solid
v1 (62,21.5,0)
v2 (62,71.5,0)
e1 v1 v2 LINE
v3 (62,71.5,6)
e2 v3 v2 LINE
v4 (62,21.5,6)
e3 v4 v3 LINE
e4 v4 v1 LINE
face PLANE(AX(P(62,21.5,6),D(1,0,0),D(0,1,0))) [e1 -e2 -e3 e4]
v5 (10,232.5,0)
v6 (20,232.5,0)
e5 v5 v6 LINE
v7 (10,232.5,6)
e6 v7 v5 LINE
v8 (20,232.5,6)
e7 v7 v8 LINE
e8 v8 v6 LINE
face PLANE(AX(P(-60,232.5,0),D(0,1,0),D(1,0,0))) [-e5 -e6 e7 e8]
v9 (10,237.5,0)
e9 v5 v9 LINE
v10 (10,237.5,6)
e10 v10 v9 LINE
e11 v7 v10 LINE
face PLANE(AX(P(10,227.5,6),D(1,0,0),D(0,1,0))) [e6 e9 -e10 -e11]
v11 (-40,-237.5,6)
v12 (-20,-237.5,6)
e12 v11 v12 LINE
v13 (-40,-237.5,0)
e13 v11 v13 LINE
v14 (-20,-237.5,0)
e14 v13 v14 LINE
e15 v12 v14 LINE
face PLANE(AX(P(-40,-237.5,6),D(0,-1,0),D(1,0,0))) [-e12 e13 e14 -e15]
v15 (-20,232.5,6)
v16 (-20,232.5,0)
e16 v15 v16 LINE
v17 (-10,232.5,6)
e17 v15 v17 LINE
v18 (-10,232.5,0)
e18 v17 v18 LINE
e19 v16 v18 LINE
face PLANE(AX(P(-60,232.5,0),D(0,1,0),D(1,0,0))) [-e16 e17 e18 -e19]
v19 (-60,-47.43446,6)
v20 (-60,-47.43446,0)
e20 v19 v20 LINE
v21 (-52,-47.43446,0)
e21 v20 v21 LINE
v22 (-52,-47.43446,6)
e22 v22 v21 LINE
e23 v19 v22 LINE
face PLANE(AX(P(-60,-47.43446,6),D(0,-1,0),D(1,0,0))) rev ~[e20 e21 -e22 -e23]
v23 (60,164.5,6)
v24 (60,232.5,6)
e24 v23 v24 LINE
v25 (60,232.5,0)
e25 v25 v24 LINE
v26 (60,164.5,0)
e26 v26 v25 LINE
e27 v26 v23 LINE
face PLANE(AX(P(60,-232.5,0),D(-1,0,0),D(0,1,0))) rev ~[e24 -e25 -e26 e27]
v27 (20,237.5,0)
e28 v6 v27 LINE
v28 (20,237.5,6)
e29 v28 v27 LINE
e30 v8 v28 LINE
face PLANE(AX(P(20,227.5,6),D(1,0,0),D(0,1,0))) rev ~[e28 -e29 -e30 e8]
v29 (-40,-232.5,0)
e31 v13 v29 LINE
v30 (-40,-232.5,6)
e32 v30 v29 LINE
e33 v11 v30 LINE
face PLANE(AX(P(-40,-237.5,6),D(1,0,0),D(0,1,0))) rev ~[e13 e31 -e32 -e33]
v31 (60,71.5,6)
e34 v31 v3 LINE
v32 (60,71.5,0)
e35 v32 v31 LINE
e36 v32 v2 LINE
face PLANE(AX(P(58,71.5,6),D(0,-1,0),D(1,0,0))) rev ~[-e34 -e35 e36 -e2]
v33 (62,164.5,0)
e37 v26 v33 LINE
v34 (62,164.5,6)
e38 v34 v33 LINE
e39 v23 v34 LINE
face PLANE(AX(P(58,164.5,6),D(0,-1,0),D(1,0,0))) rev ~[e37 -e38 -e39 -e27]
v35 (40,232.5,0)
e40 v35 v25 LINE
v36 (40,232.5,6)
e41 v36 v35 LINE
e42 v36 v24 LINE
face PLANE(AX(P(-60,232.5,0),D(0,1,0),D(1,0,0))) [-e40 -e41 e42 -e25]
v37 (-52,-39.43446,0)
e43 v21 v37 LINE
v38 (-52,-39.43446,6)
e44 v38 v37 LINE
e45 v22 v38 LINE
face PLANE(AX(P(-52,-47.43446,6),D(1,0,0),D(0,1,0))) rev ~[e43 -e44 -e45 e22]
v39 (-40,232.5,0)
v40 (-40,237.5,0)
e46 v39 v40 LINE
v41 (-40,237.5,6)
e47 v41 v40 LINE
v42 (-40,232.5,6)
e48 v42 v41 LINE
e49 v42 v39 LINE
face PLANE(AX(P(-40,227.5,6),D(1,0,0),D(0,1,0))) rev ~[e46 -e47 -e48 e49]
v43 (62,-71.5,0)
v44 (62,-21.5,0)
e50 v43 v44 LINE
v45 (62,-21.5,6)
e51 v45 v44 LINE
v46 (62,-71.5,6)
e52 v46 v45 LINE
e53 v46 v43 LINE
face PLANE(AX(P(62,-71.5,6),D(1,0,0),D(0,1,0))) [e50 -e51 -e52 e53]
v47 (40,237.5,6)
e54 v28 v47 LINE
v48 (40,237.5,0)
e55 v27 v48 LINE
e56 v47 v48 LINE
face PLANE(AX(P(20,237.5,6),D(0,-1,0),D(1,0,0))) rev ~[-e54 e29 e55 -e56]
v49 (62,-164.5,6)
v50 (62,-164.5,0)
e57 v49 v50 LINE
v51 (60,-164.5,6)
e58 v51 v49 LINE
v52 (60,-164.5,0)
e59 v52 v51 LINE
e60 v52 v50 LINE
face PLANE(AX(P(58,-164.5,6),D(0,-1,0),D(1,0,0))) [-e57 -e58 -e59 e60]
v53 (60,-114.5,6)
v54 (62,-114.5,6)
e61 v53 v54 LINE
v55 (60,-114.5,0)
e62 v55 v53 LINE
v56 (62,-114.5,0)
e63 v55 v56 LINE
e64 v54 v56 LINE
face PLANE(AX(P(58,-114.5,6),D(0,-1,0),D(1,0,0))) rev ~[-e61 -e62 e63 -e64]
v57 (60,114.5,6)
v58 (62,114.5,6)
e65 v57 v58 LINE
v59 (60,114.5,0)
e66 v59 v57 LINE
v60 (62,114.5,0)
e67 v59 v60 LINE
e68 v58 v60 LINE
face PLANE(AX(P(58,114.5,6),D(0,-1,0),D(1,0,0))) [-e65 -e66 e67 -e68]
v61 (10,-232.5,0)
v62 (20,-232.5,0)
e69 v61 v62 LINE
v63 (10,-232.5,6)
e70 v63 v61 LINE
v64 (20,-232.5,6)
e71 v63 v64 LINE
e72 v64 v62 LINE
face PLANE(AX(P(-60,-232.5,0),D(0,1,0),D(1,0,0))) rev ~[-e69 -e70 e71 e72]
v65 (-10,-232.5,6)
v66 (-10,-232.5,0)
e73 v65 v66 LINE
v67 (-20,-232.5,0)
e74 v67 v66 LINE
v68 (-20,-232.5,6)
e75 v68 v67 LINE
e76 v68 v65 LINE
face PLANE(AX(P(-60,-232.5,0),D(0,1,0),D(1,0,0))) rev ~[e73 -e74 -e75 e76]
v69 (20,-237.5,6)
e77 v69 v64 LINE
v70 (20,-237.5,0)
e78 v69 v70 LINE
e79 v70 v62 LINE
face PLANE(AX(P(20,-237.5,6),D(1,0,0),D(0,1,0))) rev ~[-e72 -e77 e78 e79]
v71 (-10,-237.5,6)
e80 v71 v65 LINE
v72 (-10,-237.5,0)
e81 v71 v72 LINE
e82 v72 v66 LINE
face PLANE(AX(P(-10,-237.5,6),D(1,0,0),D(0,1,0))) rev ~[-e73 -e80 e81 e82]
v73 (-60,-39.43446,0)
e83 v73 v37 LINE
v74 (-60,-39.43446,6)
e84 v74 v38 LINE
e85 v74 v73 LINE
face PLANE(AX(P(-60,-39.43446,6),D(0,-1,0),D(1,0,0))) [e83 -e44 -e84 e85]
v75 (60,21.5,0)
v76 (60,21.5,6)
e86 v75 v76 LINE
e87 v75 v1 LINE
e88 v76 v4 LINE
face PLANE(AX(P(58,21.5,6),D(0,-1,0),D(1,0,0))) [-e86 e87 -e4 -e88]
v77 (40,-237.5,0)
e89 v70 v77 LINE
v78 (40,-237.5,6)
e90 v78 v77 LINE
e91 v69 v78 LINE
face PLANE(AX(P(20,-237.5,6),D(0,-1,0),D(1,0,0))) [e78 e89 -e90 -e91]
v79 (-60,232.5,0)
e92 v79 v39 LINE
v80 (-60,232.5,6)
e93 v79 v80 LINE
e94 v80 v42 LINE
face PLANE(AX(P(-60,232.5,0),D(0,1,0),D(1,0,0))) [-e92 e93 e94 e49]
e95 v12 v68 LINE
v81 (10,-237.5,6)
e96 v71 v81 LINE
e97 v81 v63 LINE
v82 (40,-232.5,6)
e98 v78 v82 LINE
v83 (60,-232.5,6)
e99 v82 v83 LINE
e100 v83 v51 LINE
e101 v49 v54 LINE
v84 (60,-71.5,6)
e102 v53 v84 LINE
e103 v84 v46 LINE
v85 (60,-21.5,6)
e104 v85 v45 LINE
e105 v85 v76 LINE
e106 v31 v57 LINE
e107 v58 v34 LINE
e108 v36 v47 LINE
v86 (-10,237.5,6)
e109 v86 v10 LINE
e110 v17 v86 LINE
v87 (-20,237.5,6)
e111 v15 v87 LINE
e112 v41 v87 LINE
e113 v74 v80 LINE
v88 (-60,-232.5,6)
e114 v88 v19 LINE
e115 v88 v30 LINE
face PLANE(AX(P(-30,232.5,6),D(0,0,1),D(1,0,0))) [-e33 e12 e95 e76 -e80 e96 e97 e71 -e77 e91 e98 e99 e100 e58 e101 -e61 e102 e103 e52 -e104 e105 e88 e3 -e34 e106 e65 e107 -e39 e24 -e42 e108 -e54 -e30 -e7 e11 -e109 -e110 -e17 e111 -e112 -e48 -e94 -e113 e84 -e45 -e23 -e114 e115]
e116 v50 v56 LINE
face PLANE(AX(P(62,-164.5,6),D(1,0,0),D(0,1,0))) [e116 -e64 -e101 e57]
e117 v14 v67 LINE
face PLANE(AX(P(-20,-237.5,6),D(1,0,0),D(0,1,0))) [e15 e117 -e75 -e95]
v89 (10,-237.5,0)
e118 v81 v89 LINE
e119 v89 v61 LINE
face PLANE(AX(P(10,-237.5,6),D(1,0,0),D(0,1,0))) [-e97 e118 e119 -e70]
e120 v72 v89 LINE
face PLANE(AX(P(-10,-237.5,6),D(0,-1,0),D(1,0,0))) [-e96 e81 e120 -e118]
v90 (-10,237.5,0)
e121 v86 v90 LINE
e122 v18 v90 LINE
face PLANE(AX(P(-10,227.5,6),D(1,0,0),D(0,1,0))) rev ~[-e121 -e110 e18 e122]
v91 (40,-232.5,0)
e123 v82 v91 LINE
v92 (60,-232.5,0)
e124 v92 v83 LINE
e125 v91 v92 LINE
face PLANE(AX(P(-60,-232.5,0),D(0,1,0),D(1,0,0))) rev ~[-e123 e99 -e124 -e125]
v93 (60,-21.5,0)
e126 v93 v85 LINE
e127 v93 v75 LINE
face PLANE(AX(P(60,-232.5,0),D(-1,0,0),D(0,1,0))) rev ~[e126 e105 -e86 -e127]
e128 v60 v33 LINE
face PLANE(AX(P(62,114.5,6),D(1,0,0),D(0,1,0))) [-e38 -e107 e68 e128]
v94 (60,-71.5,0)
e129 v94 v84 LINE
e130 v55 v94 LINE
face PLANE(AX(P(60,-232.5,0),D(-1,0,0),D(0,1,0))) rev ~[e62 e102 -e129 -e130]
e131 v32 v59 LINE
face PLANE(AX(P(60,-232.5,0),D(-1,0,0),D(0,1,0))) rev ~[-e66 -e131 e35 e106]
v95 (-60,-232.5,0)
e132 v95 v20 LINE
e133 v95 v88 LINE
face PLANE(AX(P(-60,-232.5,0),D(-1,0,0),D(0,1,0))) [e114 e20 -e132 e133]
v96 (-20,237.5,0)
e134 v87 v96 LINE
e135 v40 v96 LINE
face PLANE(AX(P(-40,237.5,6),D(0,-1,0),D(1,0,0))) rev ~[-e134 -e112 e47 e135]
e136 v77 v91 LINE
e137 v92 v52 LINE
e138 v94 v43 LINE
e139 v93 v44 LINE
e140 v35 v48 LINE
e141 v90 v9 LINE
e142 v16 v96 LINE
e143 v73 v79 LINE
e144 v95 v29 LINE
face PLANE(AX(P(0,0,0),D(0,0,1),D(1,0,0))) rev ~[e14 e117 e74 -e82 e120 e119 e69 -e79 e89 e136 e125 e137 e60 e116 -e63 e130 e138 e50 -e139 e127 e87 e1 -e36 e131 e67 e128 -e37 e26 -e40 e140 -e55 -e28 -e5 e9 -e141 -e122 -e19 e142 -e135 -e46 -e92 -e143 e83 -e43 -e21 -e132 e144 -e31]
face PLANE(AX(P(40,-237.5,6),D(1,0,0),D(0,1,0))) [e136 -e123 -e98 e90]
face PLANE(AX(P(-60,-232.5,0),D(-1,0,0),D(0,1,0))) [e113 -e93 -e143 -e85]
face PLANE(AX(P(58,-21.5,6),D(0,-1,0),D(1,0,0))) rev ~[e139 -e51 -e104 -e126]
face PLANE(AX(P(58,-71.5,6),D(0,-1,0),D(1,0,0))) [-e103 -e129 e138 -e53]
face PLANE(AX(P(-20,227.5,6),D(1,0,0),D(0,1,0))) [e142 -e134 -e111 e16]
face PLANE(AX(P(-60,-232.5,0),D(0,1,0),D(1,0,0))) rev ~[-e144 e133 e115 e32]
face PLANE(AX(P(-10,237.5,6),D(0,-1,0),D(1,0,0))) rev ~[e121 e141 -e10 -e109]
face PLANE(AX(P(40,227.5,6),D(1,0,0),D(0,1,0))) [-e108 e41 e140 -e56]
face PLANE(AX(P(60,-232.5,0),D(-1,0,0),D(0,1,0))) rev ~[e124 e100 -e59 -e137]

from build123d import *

# Parameters (mm, degrees)
SKETCH1_W           = 120
SKETCH1_H           = 465
BOSS_EXTRUDE1_DEPTH = 6
SKETCH4_W           = 20
SKETCH4_H           = 10
SKETCH4_W_2         = 4
SKETCH4_H_2         = 50
BOSS_EXTRUDE2_DEPTH = 6
SKETCH5_W           = 8
SKETCH5_H           = 8
CUT_EXTRUDE1_DEPTH  = 10


with BuildPart() as part:
    # Sketch1 → Boss-Extrude1 (new body)
    with BuildSketch(Plane.XY):
        Rectangle(SKETCH1_W, SKETCH1_H)
    extrude(amount=BOSS_EXTRUDE1_DEPTH)

    # Sketch4 → Boss-Extrude2 (add)
    with BuildSketch(Plane.XY.offset(6)):
        with Locations((-30, 232.5)):
            Rectangle(SKETCH4_W, SKETCH4_H)
        with Locations((0, 232.5)):
            Rectangle(SKETCH4_W, SKETCH4_H)
        with Locations((30, 232.5)):
            Rectangle(SKETCH4_W, SKETCH4_H)
        with Locations((-30, -232.5)):
            Rectangle(SKETCH4_W, SKETCH4_H)
        with Locations((0, -232.5)):
            Rectangle(SKETCH4_W, SKETCH4_H)
        with Locations((30, -232.5)):
            Rectangle(SKETCH4_W, SKETCH4_H)
        with Locations((60, 139.5)):
            Rectangle(SKETCH4_W_2, SKETCH4_H_2)
        with Locations((60, 46.5)):
            Rectangle(SKETCH4_W_2, SKETCH4_H_2)
        with Locations((60, -46.5)):
            Rectangle(SKETCH4_W_2, SKETCH4_H_2)
        with Locations((60, -139.5)):
            Rectangle(SKETCH4_W_2, SKETCH4_H_2)
    extrude(amount=-BOSS_EXTRUDE2_DEPTH)

    # Sketch5 → Cut-Extrude1 (cut)
    with BuildSketch(Plane.XY.offset(6)):
        with Locations((-56, -43.434460059)):
            Rectangle(SKETCH5_W, SKETCH5_H)
    extrude(amount=-CUT_EXTRUDE1_DEPTH, mode=Mode.SUBTRACT)


solid = part.part
